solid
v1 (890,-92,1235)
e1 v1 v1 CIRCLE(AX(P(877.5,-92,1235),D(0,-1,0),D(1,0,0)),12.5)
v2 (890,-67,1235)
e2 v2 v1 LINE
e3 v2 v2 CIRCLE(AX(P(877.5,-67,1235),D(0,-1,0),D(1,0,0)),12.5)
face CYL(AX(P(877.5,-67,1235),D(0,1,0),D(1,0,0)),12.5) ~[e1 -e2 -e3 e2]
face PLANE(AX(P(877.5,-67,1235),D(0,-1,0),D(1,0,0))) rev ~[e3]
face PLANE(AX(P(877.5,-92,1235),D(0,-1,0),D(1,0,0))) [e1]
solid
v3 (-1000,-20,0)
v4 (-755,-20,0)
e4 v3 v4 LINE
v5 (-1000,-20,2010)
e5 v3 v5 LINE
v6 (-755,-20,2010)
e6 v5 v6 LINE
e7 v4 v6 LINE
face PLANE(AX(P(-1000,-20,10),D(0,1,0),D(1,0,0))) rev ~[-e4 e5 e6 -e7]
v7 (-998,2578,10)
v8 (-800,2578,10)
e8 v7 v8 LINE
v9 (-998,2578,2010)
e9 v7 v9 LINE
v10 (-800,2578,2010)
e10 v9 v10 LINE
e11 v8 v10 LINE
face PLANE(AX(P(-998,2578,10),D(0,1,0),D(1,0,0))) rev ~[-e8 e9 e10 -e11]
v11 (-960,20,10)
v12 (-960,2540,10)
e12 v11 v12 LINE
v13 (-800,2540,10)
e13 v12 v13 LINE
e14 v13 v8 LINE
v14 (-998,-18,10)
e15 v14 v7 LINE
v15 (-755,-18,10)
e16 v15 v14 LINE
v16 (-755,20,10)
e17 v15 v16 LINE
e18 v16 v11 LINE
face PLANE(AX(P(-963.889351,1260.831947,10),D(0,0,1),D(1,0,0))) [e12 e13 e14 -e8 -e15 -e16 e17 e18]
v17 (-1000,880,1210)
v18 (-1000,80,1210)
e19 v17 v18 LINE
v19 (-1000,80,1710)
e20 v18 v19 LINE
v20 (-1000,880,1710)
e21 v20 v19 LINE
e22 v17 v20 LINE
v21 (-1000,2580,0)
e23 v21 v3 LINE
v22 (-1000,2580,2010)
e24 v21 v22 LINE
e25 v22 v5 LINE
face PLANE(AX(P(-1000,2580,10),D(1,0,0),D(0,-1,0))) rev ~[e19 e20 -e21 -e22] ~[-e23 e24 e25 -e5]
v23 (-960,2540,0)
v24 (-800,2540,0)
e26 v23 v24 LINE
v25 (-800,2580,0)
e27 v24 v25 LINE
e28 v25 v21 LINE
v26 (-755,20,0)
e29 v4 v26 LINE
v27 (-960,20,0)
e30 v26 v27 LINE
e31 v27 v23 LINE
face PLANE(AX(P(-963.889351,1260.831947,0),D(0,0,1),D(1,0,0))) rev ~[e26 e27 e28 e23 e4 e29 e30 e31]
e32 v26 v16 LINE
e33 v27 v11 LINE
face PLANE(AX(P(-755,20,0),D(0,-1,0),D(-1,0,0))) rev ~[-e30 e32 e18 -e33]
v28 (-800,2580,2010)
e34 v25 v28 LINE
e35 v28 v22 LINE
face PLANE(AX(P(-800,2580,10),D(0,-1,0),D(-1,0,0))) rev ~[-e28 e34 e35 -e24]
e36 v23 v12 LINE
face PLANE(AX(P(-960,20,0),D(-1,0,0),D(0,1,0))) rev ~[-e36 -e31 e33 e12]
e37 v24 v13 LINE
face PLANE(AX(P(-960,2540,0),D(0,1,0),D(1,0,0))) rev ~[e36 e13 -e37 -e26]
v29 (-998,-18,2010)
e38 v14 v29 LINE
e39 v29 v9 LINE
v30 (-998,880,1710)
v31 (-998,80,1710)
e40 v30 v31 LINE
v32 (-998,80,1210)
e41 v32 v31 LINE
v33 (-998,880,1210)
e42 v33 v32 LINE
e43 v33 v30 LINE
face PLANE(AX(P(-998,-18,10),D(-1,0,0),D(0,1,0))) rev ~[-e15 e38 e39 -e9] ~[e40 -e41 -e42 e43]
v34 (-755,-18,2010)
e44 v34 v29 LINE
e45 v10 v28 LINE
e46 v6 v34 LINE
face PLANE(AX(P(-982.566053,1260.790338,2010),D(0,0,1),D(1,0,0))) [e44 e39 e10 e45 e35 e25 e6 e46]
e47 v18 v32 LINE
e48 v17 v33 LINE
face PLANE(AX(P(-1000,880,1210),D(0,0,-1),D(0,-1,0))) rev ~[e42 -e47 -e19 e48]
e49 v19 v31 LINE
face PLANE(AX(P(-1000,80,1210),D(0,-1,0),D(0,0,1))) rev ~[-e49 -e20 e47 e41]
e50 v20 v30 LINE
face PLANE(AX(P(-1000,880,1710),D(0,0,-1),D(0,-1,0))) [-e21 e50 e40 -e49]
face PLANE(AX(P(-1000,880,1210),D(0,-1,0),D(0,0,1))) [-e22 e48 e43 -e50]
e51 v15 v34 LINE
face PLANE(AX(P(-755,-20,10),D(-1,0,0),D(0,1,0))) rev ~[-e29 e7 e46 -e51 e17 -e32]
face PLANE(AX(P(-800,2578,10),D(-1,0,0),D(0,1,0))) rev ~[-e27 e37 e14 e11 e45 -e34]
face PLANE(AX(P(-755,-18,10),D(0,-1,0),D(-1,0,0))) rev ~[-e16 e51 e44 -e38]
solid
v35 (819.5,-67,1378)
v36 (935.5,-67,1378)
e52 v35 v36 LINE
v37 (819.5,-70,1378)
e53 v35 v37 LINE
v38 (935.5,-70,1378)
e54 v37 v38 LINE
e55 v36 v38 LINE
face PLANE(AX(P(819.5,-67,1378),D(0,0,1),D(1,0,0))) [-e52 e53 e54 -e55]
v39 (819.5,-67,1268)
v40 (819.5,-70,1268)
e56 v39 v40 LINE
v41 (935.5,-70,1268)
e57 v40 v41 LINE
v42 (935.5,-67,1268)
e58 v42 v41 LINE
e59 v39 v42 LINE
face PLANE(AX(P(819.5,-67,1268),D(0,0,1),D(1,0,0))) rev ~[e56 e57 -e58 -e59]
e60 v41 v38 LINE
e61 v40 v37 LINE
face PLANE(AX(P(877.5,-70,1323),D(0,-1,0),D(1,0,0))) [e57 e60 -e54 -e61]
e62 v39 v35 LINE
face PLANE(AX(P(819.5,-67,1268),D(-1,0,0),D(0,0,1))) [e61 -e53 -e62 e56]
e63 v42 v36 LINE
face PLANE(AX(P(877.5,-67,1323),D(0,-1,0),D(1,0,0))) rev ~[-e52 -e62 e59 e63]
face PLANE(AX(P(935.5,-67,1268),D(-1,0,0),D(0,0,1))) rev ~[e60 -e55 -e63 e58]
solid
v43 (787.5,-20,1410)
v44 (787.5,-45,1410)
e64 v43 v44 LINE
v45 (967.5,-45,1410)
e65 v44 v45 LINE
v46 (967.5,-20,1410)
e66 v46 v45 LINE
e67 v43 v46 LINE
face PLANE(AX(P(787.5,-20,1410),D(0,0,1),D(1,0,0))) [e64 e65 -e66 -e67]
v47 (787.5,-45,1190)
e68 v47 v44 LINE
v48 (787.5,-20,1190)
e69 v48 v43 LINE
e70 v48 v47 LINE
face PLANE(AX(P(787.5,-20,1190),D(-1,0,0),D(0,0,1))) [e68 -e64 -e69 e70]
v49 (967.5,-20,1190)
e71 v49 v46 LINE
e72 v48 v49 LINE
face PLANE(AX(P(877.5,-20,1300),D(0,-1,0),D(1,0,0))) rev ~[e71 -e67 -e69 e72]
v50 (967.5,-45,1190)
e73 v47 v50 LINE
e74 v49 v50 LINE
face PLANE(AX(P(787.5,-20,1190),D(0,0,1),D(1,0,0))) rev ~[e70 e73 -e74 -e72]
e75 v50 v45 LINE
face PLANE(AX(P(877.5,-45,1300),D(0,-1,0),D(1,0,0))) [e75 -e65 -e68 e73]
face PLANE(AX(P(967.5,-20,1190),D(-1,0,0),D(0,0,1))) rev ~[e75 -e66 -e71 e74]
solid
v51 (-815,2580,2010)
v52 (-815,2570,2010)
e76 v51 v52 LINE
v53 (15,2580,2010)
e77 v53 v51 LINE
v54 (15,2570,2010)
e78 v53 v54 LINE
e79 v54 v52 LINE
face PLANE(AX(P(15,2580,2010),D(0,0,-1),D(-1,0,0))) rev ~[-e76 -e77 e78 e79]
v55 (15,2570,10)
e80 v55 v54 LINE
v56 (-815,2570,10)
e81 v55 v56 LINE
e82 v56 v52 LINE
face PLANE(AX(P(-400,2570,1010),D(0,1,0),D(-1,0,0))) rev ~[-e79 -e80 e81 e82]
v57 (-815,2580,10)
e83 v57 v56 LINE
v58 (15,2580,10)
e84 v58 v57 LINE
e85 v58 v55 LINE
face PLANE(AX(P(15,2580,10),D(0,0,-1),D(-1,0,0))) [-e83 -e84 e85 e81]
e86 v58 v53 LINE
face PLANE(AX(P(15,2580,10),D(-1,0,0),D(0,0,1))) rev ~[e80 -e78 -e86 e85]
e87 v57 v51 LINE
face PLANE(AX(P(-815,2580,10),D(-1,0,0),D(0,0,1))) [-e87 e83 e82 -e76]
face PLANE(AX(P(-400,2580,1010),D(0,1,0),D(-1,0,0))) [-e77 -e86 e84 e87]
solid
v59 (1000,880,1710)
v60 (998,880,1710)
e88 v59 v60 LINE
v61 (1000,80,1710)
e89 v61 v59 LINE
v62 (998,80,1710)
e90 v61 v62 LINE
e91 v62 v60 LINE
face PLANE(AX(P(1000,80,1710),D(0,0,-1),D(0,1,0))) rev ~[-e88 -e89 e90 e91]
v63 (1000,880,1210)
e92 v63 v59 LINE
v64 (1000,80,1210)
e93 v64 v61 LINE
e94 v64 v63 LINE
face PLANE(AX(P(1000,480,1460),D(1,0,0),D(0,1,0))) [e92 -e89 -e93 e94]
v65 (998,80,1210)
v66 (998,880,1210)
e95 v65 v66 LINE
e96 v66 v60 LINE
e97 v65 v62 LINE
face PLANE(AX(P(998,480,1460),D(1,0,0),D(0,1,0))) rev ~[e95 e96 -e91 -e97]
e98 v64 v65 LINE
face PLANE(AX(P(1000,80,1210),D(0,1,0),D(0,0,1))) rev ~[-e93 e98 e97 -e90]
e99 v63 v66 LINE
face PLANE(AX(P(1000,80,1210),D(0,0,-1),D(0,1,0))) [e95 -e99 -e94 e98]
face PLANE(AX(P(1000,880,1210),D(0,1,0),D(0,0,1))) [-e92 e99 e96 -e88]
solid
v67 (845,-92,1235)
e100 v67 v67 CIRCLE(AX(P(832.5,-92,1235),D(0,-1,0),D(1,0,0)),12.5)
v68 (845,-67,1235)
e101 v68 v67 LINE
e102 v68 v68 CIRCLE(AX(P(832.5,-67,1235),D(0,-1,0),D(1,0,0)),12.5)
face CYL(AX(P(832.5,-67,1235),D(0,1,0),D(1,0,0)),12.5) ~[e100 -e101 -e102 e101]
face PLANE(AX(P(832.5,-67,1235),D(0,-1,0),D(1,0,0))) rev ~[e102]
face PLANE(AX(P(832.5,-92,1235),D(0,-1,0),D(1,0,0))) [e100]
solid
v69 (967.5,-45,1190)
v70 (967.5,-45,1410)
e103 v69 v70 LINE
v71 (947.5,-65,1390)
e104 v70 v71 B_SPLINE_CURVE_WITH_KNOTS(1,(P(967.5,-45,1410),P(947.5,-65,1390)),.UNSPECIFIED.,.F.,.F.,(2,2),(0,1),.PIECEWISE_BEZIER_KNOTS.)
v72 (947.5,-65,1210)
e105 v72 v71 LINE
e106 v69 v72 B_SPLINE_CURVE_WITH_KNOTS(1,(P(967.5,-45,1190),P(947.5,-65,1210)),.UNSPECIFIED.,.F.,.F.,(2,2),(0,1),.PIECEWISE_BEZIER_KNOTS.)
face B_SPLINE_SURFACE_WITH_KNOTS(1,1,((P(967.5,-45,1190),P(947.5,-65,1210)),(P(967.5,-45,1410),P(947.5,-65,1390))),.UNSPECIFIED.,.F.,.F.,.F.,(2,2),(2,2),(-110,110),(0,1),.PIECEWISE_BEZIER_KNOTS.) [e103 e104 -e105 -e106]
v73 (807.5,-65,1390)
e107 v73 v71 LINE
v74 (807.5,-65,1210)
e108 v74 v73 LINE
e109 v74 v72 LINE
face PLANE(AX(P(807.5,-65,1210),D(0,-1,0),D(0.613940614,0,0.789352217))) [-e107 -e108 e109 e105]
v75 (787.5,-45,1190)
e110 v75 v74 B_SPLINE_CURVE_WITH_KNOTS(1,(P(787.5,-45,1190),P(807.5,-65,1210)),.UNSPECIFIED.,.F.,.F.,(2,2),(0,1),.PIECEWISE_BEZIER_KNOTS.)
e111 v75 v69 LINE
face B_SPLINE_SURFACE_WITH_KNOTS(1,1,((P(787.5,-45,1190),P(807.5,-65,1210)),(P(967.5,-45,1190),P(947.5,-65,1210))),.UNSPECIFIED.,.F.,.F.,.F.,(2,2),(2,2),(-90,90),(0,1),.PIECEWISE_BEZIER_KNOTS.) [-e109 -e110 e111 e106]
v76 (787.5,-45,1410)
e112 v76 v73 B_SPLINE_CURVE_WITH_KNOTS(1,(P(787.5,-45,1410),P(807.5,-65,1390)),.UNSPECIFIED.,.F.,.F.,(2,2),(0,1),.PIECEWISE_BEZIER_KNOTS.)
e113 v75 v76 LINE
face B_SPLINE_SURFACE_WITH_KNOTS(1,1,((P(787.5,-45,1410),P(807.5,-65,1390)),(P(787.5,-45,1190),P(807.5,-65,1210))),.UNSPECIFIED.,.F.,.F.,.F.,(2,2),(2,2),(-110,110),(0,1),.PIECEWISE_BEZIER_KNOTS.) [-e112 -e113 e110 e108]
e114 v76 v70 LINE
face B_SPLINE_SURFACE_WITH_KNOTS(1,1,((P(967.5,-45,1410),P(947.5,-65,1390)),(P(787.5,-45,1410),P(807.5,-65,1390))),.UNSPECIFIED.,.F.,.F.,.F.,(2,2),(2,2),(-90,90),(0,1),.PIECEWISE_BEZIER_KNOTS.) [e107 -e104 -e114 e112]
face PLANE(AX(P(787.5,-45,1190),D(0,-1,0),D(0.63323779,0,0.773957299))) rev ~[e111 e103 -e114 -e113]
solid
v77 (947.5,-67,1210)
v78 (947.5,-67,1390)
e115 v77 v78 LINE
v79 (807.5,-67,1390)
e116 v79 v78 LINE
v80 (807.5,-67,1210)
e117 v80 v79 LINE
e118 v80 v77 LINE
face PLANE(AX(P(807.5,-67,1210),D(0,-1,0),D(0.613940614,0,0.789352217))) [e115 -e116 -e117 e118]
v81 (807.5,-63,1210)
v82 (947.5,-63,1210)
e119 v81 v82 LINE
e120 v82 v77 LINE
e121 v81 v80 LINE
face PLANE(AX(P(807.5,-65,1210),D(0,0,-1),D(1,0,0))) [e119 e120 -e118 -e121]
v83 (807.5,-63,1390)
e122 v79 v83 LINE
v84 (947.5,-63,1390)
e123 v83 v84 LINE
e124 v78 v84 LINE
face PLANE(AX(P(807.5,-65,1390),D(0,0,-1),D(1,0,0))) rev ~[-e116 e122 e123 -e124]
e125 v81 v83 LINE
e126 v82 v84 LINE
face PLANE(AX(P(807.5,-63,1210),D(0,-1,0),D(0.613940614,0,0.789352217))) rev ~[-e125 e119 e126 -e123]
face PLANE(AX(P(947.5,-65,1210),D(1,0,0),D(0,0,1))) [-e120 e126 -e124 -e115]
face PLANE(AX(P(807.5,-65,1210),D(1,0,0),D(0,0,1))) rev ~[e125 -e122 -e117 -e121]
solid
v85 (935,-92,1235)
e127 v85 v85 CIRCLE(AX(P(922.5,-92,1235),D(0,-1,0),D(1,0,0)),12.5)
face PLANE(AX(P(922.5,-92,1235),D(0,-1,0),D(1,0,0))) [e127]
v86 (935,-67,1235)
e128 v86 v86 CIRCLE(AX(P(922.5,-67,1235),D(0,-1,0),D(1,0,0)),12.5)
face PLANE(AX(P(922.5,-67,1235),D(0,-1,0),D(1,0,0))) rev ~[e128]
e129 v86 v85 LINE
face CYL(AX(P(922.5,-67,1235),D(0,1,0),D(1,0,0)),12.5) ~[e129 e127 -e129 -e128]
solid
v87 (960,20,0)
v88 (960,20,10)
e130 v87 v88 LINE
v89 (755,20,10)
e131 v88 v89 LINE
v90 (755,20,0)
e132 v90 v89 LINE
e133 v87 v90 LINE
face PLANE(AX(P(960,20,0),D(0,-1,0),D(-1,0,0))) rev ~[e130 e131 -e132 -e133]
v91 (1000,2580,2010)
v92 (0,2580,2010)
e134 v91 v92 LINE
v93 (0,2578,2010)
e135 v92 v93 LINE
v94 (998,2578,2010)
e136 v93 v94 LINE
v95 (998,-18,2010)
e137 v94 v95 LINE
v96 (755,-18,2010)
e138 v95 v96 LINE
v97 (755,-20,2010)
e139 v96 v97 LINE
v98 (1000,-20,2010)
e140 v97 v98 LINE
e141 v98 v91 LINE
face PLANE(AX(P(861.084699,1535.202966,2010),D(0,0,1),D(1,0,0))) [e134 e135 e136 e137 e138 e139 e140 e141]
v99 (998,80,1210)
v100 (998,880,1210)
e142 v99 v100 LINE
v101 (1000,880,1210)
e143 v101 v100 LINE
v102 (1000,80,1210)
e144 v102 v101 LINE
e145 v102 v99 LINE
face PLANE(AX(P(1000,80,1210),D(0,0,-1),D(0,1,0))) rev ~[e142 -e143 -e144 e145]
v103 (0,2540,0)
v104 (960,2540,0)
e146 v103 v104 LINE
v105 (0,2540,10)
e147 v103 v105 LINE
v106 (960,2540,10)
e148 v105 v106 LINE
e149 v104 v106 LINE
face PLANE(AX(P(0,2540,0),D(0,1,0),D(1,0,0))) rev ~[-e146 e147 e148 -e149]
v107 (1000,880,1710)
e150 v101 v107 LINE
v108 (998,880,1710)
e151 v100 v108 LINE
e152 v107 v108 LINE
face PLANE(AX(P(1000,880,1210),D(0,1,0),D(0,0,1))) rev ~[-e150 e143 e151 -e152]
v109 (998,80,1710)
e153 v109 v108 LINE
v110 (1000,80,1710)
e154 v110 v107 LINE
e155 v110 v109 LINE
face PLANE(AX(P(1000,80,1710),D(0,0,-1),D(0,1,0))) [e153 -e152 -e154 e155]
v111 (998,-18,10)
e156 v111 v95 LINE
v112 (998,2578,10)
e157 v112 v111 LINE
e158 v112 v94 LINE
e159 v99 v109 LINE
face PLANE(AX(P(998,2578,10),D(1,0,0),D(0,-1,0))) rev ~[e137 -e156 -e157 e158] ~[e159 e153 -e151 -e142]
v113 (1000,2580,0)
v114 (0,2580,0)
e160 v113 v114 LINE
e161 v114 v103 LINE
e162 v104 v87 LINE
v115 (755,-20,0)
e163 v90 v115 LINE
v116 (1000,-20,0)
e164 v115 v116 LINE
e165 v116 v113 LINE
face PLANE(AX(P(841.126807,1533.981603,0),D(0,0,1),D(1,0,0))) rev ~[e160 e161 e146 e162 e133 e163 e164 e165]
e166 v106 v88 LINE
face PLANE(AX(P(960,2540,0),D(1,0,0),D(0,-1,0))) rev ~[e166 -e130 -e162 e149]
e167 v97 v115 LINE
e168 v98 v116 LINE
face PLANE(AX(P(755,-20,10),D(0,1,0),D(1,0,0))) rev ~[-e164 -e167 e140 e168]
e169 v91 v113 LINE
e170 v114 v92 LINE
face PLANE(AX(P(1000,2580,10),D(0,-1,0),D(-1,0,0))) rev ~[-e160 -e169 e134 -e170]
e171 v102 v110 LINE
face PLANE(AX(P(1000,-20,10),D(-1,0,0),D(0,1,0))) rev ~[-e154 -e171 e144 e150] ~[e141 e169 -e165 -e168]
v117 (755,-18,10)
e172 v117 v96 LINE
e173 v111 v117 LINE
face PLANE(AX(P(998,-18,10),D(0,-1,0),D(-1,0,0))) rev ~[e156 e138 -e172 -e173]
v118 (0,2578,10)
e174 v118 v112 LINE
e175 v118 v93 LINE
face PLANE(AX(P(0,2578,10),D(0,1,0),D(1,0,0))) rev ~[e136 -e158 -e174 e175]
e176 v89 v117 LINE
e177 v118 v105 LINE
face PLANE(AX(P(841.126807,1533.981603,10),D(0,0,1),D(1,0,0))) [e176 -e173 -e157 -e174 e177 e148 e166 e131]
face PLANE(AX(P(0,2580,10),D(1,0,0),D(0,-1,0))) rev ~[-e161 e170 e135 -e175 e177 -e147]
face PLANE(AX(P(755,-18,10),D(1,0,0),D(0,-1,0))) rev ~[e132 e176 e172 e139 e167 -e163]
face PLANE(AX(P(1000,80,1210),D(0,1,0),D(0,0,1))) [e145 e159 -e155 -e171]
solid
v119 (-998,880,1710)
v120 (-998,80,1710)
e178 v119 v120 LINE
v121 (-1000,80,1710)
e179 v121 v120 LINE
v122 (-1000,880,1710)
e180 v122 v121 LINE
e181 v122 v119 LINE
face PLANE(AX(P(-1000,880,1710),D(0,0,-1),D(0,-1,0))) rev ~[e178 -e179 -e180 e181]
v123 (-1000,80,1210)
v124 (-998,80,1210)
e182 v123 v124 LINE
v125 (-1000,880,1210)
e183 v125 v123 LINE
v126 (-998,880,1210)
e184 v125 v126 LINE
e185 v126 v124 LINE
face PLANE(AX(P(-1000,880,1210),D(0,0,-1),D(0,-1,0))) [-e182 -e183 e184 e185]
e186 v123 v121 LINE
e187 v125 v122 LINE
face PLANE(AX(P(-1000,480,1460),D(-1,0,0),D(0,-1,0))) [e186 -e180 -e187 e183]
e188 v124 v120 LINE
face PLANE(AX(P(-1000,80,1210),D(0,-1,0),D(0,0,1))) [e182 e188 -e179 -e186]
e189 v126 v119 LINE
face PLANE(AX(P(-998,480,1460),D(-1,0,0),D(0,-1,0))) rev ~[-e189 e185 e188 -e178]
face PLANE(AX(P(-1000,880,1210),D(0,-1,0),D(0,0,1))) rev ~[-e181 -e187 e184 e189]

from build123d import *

# Parameters (mm, degrees)
F1_DEPTH   = 10
F3_DEPTH   = 2000
F5_DEPTH   = 2000
F6_W       = 830
F6_H       = 2000
F7_DEPTH   = 10
F8_W       = 800
F8_H       = 500
F9_DEPTH   = 5
F10_W      = 800
F10_H      = 500
F11_DEPTH  = 5
F12_W      = 800
F12_H      = 500
F13_DEPTH  = 2
F14_W      = 800
F14_H      = 500
F15_DEPTH  = 2
F17_W      = 180
F17_H      = 220
F18_DEPTH  = 25
F18_FACE_W = 180
F18_FACE_H = 220
F20_W      = 140
F20_H      = 180
F22_DEPTH  = 2
F23_R      = 12.5
F24_DEPTH  = 25
F25_W      = 116
F25_H      = 110
F26_DEPTH  = 3


with BuildPart() as f1:
    # F0 (on Top) → F1 (new body)
    with BuildSketch(Plane.XY):
        Polygon((-755, -20), (-755, 0), (-755, 20), (-960, 20), (-960, 2540), (-800, 2540), (-800, 2580), (-1000, 2580), (-1000, 2540), (-1000, 20), (-1000, 0), (-1000, -20), align=None)
    extrude(amount=F1_DEPTH)

    # F2 (on face) → F3 (join)
    with BuildSketch(Plane.XY.offset(10)):
        Polygon((-800, 2578), (-800, 2580), (-1000, 2580), (-1000, -20), (-755, -20), (-755, -18), (-998, -18), (-998, 2578), align=None)
    extrude(amount=F3_DEPTH)

    # F10 (on face) → F11 (cut)
    with BuildSketch(Plane(origin=(-1000, 0, 0), x_dir=(0, -1, 0), z_dir=(-1, 0, 0))):
        with Locations((-480, 1460)):
            Rectangle(F10_W, F10_H)
    extrude(amount=-F11_DEPTH, mode=Mode.SUBTRACT)


with BuildPart() as f1b:
    # F0 (on Top) → F1, piece 2 (new body)
    with BuildSketch(Plane.XY):
        Polygon((755, 20), (755, 0), (755, -20), (1000, -20), (1000, 0), (1000, 20), (1000, 2540), (1000, 2580), (0, 2580), (0, 2540), (960, 2540), (960, 20), align=None)
    extrude(amount=F1_DEPTH)

    # F4 (on face) → F5 (join)
    with BuildSketch(Plane.XY.offset(10)):
        Polygon((1000, 2580), (0, 2580), (0, 2578), (998, 2578), (998, -18), (755, -18), (755, -20), (1000, -20), align=None)
    extrude(amount=F5_DEPTH)

    # F8 (on face) → F9 (cut)
    with BuildSketch(Plane.YZ.offset(1000)):
        with Locations((480, 1460)):
            Rectangle(F8_W, F8_H)
    extrude(amount=-F9_DEPTH, mode=Mode.SUBTRACT)


with BuildPart() as f7:
    # F6 (on face) → F7 (new body)
    with BuildSketch(Plane(origin=(0, 2580, 0), x_dir=(-1, 0, 0), z_dir=(0, 1, 0))):
        with Locations((400, 1010)):
            Rectangle(F6_W, F6_H)
    extrude(amount=-F7_DEPTH)


with BuildPart() as f13:
    # F12 (on face) → F13 (new body)
    with BuildSketch(Plane(origin=(-1000, 0, 0), x_dir=(0, -1, 0), z_dir=(-1, 0, 0))):
        with Locations((-480, 1460)):
            Rectangle(F12_W, F12_H)
    extrude(amount=-F13_DEPTH)


with BuildPart() as f15:
    # F14 (on face) → F15 (new body)
    with BuildSketch(Plane.YZ.offset(1000)):
        with Locations((480, 1460)):
            Rectangle(F14_W, F14_H)
    extrude(amount=-F15_DEPTH)


with BuildPart() as f18:
    # F17 (on face) → F18 (new body)
    with BuildSketch(Plane.XZ.offset(20)):
        with Locations((877.5, 1300)):
            Rectangle(F17_W, F17_H)
    extrude(amount=F18_DEPTH)


with BuildPart() as f21:
    # F18_face (on face) → F21 section 0
    with BuildSketch(Plane(origin=(877.5, -45, 1300), x_dir=(1, 0, 0), z_dir=(0, -1, 0))):
        Rectangle(F18_FACE_W, F18_FACE_H)
    # F20 (on offset) → F21 section 1
    with BuildSketch(Plane.XZ.offset(65)):
        with Locations((877.5, 1300)):
            Rectangle(F20_W, F20_H)
    loft()


with BuildPart() as f22:
    # F22 (new, symmetric): a face of the model
    f22_faces = [f21.part.faces().sort_by_distance(p)[0] for p in [
        (877.5, -65, 1300),
    ]]
    extrude(f22_faces, amount=F22_DEPTH, both=True)


with BuildPart() as f24:
    # F23 (on face) → F24 (new body)
    with BuildSketch(Plane.XZ.offset(67)):
        with Locations((877.5, 1235)):
            Circle(F23_R)
    extrude(amount=F24_DEPTH)


with BuildPart() as f24b:
    # F23 (on face) → F24, piece 2 (new body)
    with BuildSketch(Plane.XZ.offset(67)):
        with Locations((832.5, 1235)):
            Circle(F23_R)
    extrude(amount=F24_DEPTH)


with BuildPart() as f24c:
    # F23 (on face) → F24, piece 3 (new body)
    with BuildSketch(Plane.XZ.offset(67)):
        with Locations((922.5, 1235)):
            Circle(F23_R)
    extrude(amount=F24_DEPTH)


with BuildPart() as f26:
    # F25 (on face) → F26 (new body)
    with BuildSketch(Plane.XZ.offset(67)):
        with Locations((877.5, 1323)):
            Rectangle(F25_W, F25_H)
    extrude(amount=F26_DEPTH)


solid = Compound([f1.part, f1b.part, f7.part, f13.part, f15.part, f18.part, f21.part, f22.part, f24.part, f24b.part, f24c.part, f26.part])
